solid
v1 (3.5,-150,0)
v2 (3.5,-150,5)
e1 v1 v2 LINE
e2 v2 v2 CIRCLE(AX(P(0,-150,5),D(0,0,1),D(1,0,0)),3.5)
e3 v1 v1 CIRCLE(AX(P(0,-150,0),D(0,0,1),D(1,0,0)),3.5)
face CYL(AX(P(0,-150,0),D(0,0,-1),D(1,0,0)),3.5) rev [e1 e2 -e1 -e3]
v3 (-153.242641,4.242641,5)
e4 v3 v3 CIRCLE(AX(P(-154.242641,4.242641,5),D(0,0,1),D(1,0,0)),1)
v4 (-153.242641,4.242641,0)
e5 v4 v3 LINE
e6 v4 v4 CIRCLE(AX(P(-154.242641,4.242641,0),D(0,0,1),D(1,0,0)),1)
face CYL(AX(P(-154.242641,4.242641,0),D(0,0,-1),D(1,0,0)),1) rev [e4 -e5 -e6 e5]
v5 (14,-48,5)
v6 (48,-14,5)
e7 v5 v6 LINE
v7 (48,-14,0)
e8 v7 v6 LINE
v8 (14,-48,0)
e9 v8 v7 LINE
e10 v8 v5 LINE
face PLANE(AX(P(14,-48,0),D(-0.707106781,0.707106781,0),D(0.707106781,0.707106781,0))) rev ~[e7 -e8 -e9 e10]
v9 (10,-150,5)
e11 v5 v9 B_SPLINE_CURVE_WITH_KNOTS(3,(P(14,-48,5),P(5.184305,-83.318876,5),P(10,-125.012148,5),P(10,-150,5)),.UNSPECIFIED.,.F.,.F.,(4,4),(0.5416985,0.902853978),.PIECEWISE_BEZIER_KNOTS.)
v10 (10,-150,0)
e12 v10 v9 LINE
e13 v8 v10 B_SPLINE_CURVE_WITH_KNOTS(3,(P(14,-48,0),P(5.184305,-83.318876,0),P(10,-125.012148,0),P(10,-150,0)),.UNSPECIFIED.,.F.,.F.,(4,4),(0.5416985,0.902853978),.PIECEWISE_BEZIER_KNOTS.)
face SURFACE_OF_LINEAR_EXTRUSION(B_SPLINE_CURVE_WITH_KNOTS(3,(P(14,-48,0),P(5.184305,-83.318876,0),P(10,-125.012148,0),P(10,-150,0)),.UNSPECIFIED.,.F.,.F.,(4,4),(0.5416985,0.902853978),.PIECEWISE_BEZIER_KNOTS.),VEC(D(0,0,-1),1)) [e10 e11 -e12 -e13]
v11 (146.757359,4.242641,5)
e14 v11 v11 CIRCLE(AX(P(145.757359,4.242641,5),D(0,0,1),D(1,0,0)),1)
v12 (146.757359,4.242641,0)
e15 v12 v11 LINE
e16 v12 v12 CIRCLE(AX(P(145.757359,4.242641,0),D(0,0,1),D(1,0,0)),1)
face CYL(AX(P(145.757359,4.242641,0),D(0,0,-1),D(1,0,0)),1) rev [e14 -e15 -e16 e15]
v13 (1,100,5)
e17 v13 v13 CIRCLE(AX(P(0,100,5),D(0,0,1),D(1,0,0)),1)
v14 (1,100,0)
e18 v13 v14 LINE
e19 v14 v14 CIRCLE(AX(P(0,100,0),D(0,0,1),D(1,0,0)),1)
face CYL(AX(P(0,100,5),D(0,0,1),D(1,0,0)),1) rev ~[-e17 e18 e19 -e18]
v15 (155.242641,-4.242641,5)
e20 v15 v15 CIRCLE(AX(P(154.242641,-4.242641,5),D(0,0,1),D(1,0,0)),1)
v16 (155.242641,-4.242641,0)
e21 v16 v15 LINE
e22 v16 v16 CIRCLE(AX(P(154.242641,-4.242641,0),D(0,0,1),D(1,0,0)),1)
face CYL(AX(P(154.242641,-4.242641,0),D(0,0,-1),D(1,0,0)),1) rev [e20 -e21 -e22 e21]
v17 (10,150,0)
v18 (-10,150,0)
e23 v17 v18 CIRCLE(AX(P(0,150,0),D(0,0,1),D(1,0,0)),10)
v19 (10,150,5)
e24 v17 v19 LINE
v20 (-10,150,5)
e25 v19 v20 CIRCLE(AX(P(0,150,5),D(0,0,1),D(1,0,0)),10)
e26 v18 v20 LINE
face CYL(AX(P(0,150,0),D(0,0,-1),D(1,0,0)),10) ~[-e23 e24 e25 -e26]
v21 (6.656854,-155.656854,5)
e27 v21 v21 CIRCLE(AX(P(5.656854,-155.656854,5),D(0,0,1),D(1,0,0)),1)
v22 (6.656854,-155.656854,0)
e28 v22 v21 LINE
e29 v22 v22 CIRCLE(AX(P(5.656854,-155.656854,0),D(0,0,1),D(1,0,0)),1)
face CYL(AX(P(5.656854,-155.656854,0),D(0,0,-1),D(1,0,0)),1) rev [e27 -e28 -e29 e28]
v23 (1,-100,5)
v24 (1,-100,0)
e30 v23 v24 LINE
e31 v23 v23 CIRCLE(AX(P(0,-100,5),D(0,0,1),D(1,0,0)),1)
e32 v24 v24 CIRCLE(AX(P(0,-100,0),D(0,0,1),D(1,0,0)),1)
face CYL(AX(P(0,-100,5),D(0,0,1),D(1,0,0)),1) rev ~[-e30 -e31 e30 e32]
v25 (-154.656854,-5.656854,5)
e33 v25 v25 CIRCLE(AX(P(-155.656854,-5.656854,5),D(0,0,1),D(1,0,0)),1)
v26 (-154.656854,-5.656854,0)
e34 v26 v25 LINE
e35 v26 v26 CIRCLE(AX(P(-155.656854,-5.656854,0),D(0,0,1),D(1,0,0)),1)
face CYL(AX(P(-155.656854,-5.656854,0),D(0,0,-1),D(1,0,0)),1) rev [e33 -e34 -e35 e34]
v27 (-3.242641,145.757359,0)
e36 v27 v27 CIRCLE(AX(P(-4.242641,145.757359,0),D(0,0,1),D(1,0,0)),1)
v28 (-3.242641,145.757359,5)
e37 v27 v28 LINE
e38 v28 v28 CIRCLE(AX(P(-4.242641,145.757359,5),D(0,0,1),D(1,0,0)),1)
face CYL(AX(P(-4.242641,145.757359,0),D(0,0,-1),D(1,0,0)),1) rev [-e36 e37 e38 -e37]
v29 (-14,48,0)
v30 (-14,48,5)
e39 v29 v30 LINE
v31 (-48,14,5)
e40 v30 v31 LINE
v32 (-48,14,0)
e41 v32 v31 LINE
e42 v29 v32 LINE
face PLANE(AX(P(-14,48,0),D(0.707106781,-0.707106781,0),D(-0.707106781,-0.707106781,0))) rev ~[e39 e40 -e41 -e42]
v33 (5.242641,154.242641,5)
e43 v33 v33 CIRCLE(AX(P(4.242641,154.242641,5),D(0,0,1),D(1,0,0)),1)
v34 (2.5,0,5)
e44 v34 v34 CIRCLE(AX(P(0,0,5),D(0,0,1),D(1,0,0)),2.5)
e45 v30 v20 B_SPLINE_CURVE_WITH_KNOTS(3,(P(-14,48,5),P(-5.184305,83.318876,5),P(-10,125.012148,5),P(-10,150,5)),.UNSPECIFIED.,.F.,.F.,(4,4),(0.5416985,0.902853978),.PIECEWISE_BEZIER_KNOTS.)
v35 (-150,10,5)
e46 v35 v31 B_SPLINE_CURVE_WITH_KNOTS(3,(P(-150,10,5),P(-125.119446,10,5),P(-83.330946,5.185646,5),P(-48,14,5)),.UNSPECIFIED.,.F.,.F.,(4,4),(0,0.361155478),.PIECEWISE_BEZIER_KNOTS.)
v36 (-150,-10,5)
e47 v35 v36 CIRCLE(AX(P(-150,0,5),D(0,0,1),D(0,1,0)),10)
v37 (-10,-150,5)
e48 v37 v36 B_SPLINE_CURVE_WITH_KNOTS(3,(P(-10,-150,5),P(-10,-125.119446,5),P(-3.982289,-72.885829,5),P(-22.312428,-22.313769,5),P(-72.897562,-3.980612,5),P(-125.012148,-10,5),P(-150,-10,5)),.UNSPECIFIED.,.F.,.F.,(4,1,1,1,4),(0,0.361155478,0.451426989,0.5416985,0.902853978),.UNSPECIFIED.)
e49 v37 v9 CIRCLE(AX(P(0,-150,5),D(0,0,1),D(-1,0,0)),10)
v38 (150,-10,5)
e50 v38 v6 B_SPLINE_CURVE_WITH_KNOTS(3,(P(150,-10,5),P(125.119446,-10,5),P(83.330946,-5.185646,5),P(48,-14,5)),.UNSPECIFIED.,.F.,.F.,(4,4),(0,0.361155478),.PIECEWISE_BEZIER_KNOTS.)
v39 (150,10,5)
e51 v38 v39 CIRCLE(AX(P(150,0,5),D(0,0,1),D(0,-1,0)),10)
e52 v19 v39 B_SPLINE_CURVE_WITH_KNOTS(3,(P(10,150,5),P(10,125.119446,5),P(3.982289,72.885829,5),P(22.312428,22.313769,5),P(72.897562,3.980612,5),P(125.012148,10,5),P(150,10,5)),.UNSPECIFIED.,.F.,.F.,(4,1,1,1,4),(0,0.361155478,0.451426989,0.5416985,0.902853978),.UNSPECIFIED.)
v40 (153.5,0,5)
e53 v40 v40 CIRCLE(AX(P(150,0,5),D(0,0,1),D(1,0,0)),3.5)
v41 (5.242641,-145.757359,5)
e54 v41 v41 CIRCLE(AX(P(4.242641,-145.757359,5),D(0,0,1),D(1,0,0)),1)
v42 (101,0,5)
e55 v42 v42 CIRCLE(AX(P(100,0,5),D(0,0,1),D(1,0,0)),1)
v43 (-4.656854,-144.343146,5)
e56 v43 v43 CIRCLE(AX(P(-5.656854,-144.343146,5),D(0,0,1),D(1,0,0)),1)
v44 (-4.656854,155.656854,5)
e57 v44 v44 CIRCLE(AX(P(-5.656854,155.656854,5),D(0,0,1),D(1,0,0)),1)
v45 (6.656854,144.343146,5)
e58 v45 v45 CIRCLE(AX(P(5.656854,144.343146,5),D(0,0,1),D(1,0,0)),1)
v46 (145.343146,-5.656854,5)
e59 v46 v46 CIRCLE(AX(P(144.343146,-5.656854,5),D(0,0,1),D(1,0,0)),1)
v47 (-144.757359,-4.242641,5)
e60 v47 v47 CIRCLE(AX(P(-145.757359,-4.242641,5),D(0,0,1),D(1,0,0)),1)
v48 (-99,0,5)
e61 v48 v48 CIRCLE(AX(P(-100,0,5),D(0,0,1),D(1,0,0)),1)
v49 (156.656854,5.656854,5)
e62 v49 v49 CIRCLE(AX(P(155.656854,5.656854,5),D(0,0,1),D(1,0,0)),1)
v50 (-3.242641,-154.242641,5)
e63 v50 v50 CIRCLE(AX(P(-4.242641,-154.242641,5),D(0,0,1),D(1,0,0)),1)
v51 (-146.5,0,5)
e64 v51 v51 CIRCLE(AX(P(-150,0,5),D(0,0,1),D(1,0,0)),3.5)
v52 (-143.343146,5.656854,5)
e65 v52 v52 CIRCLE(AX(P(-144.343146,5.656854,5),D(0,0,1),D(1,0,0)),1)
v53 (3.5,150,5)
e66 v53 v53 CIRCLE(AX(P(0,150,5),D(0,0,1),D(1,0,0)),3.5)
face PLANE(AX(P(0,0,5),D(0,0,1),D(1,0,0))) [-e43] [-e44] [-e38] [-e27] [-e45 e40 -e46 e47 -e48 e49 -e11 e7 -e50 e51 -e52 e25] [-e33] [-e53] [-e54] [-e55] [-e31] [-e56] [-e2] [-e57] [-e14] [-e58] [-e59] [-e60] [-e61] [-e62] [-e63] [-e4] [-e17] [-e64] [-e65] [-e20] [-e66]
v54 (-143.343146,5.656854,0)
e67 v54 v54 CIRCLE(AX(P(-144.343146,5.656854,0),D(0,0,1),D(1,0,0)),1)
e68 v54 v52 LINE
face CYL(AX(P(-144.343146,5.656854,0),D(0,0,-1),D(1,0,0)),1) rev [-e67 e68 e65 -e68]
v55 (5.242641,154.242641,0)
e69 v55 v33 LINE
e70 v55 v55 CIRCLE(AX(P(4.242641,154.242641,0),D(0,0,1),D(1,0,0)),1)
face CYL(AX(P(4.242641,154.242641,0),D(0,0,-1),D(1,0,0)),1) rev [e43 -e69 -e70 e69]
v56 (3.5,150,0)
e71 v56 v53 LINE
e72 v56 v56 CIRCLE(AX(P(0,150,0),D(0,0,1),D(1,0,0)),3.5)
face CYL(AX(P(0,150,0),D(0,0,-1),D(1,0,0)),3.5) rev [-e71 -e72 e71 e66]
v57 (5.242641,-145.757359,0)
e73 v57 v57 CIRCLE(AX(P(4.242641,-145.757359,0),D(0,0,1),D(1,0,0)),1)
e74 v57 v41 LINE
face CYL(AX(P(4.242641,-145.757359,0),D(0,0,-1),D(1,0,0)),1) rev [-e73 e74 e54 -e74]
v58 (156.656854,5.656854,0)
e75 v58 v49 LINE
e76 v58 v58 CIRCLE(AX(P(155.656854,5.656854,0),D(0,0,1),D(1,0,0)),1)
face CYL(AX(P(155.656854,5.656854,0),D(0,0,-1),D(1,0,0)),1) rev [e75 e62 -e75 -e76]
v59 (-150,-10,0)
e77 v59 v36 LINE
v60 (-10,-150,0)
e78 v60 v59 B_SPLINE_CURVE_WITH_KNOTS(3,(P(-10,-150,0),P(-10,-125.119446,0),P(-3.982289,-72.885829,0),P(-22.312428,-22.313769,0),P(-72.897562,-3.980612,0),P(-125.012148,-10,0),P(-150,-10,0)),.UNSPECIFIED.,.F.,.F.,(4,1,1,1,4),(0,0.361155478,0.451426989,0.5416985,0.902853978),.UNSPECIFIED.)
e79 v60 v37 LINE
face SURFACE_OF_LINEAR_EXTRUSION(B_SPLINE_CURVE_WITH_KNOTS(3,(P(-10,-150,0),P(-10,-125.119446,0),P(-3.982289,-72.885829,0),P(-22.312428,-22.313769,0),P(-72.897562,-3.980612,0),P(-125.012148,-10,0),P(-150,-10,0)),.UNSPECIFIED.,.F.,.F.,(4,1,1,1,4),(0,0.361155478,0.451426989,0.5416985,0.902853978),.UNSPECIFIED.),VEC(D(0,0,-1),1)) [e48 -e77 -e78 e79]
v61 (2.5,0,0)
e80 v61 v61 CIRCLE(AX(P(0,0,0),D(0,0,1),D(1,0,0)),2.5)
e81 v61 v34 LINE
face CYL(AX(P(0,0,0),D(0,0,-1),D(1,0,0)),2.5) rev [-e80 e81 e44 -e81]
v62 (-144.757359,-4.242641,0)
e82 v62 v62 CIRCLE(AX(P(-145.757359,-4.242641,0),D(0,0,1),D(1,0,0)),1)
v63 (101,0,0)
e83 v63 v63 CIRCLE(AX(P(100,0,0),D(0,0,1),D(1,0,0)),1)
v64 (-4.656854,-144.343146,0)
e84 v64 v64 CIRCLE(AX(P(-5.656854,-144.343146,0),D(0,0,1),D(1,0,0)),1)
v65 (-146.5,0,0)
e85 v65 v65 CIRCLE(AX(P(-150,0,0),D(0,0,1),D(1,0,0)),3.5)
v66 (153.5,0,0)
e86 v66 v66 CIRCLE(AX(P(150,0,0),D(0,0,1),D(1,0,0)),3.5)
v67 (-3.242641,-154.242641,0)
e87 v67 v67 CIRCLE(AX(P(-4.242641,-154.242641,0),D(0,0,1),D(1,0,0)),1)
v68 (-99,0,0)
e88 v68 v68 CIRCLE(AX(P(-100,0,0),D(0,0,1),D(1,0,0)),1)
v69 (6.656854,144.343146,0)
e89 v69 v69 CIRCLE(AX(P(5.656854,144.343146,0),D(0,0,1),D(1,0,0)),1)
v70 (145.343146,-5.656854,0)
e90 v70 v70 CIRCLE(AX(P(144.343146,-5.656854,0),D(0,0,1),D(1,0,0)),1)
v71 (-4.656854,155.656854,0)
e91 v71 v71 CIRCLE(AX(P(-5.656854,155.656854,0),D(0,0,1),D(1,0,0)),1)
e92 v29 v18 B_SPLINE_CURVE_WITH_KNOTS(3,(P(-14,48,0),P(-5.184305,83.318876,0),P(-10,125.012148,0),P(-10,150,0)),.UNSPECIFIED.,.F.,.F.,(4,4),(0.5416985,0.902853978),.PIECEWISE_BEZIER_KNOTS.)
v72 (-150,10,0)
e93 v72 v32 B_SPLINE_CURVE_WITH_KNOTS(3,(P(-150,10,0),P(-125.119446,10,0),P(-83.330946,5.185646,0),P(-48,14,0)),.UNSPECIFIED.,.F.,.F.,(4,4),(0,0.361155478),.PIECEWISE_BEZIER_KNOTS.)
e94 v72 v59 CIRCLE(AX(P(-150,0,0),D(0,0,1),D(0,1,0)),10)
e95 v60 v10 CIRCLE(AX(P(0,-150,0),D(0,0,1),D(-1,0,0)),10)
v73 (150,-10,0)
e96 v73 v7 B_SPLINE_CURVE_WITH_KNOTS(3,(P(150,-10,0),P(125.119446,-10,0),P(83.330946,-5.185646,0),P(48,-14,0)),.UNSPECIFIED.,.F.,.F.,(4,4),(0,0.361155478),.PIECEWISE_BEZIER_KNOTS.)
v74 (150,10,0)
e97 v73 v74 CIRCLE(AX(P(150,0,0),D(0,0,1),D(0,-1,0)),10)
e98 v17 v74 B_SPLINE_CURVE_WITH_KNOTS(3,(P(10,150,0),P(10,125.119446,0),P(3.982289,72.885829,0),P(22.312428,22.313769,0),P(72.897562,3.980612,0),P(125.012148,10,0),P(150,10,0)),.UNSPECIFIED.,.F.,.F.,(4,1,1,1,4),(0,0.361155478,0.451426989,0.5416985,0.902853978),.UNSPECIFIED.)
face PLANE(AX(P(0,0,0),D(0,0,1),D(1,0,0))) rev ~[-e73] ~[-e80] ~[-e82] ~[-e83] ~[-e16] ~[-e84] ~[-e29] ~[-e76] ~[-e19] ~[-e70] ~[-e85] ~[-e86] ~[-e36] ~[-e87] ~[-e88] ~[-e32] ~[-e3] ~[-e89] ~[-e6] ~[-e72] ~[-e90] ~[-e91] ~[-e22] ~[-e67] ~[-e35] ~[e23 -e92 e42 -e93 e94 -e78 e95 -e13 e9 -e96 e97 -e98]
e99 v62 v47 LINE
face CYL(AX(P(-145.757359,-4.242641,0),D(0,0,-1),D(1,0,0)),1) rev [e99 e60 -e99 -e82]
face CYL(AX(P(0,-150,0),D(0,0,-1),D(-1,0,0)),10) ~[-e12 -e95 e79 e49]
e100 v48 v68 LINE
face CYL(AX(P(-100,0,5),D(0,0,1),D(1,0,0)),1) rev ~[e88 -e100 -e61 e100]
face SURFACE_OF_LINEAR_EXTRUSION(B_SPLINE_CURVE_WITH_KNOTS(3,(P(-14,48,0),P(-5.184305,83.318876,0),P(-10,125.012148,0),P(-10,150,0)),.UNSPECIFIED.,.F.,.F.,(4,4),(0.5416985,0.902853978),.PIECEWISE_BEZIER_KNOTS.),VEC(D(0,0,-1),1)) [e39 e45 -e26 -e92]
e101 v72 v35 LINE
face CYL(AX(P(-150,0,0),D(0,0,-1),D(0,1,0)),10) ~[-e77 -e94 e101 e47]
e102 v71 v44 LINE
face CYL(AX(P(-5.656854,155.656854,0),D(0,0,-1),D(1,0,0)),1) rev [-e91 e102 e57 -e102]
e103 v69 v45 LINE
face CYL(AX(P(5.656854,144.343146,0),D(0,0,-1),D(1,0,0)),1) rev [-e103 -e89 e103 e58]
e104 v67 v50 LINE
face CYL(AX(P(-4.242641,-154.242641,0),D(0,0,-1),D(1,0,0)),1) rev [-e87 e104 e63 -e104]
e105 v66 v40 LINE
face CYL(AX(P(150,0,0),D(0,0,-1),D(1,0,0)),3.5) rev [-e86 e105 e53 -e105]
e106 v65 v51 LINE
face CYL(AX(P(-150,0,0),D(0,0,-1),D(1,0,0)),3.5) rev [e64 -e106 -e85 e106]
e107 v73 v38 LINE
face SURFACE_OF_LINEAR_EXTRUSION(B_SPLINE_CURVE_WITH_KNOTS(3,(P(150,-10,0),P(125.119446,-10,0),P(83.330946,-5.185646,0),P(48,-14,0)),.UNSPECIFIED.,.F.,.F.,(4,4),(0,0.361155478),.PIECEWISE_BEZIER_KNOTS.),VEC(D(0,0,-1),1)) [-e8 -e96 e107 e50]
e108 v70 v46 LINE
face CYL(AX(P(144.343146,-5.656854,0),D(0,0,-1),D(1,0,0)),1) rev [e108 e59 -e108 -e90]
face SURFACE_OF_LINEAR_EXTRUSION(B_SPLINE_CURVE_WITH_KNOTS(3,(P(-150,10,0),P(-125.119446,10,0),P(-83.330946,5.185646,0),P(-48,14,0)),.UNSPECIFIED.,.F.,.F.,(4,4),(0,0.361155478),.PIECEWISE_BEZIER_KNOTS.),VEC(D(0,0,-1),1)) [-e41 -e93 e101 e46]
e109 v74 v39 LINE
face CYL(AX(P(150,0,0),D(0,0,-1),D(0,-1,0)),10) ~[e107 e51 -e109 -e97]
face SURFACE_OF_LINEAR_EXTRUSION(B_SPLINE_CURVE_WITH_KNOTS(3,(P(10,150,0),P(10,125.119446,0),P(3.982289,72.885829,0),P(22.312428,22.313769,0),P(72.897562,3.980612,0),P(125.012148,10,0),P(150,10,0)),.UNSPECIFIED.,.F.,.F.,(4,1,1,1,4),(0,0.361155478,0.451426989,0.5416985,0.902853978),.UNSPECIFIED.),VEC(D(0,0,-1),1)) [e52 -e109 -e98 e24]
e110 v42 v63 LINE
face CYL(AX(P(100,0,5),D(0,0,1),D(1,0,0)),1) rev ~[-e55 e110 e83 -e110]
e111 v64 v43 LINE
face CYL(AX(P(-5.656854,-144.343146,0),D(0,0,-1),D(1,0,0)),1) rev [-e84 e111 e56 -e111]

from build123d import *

# Parameters (mm, degrees)
SKETCH1_R           = 1
SKETCH1_R_2         = 3.5
SKETCH1_R_3         = 2.5
BOSS_EXTRUDE2_DEPTH = 5
SKETCH2_R           = 1
CUT_EXTRUDE1_DEPTH  = 6.0000001


with BuildPart() as part:
    # Sketch1 → Boss-Extrude2 (new body)
    with BuildSketch(Plane.XY):
        with BuildLine():
            Line((14, -48), (48, -14))
            add(Edge.make_bspline(
                [(150, -10), (125.11944581, -10), (83.330945639, -5.185645757), (48, -14)],
                knots=[0, 0, 0, 0, 0.361155478, 0.361155478, 0.361155478, 0.361155478], degree=3))
            ThreePointArc((150, -10), (160, 0), (150, 10))
            add(Edge.make_bspline(
                [(10, 150), (10, 125.11944581), (3.982288589, 72.885829079), (22.312428334, 22.313769088), (72.897562402, 3.980612308), (125.012148344, 10), (150, 10)],
                knots=[0, 0, 0, 0, 0.361155478, 0.451426989, 0.5416985, 0.902853978, 0.902853978, 0.902853978, 0.902853978], degree=3))
            ThreePointArc((10, 150), (0, 160), (-10, 150))
            add(Edge.make_bspline(
                [(-14, 48), (-5.184304681, 83.318876465), (-10, 125.012148344), (-10, 150)],
                knots=[0.5416985, 0.5416985, 0.5416985, 0.5416985, 0.902853978, 0.902853978, 0.902853978, 0.902853978], degree=3))
            Line((-14, 48), (-48, 14))
            add(Edge.make_bspline(
                [(-150, 10), (-125.11944581, 10), (-83.330945639, 5.185645757), (-48, 14)],
                knots=[0, 0, 0, 0, 0.361155478, 0.361155478, 0.361155478, 0.361155478], degree=3))
            ThreePointArc((-150, 10), (-160, 0), (-150, -10))
            add(Edge.make_bspline(
                [(-10, -150), (-10, -125.11944581), (-3.982288589, -72.885829079), (-22.312428334, -22.313769088), (-72.897562402, -3.980612308), (-125.012148344, -10), (-150, -10)],
                knots=[0, 0, 0, 0, 0.361155478, 0.451426989, 0.5416985, 0.902853978, 0.902853978, 0.902853978, 0.902853978], degree=3))
            ThreePointArc((-10, -150), (0, -160), (10, -150))
            add(Edge.make_bspline(
                [(14, -48), (5.184304681, -83.318876465), (10, -125.012148344), (10, -150)],
                knots=[0.5416985, 0.5416985, 0.5416985, 0.5416985, 0.902853978, 0.902853978, 0.902853978, 0.902853978], degree=3))
        make_face()
        with Locations((-155.656854249, -5.656854249)):
            Circle(SKETCH1_R, mode=Mode.SUBTRACT)
        with Locations((-144.343145751, 5.656854249)):
            Circle(SKETCH1_R, mode=Mode.SUBTRACT)
        with Locations((-145.757359313, -4.242640687)):
            Circle(SKETCH1_R, mode=Mode.SUBTRACT)
        with Locations((-154.242640687, 4.242640687)):
            Circle(SKETCH1_R, mode=Mode.SUBTRACT)
        with Locations((-5.656854249, 155.656854249)):
            Circle(SKETCH1_R, mode=Mode.SUBTRACT)
        with Locations((-4.242640687, 145.757359313)):
            Circle(SKETCH1_R, mode=Mode.SUBTRACT)
        with Locations((5.656854249, 144.343145751)):
            Circle(SKETCH1_R, mode=Mode.SUBTRACT)
        with Locations((4.242640687, 154.242640687)):
            Circle(SKETCH1_R, mode=Mode.SUBTRACT)
        with Locations((155.656854249, 5.65685425)):
            Circle(SKETCH1_R, mode=Mode.SUBTRACT)
        with Locations((145.757359313, 4.242640687)):
            Circle(SKETCH1_R, mode=Mode.SUBTRACT)
        with Locations((144.343145751, -5.656854249)):
            Circle(SKETCH1_R, mode=Mode.SUBTRACT)
        with Locations((154.242640687, -4.242640687)):
            Circle(SKETCH1_R, mode=Mode.SUBTRACT)
        with Locations((5.656854249, -155.656854249)):
            Circle(SKETCH1_R, mode=Mode.SUBTRACT)
        with Locations((4.242640687, -145.757359313)):
            Circle(SKETCH1_R, mode=Mode.SUBTRACT)
        with Locations((-5.656854249, -144.343145751)):
            Circle(SKETCH1_R, mode=Mode.SUBTRACT)
        with Locations((-4.242640687, -154.242640687)):
            Circle(SKETCH1_R, mode=Mode.SUBTRACT)
        with Locations((-150, 0)):
            Circle(SKETCH1_R_2, mode=Mode.SUBTRACT)
        with Locations((0, 150)):
            Circle(SKETCH1_R_2, mode=Mode.SUBTRACT)
        with Locations((150, 0)):
            Circle(SKETCH1_R_2, mode=Mode.SUBTRACT)
        with Locations((0, -150)):
            Circle(SKETCH1_R_2, mode=Mode.SUBTRACT)
        Circle(SKETCH1_R_3, mode=Mode.SUBTRACT)
    extrude(amount=BOSS_EXTRUDE2_DEPTH)

    # Sketch2 → Cut-Extrude1 (cut, through all)
    with BuildSketch(Plane.XY.offset(5)):
        with Locations((0, -100)):
            Circle(SKETCH2_R)
        with Locations((-100, 0)):
            Circle(SKETCH2_R)
        with Locations((0, 100)):
            Circle(SKETCH2_R)
        with Locations((100, 0)):
            Circle(SKETCH2_R)
    extrude(amount=-CUT_EXTRUDE1_DEPTH, mode=Mode.SUBTRACT)


solid = part.part
